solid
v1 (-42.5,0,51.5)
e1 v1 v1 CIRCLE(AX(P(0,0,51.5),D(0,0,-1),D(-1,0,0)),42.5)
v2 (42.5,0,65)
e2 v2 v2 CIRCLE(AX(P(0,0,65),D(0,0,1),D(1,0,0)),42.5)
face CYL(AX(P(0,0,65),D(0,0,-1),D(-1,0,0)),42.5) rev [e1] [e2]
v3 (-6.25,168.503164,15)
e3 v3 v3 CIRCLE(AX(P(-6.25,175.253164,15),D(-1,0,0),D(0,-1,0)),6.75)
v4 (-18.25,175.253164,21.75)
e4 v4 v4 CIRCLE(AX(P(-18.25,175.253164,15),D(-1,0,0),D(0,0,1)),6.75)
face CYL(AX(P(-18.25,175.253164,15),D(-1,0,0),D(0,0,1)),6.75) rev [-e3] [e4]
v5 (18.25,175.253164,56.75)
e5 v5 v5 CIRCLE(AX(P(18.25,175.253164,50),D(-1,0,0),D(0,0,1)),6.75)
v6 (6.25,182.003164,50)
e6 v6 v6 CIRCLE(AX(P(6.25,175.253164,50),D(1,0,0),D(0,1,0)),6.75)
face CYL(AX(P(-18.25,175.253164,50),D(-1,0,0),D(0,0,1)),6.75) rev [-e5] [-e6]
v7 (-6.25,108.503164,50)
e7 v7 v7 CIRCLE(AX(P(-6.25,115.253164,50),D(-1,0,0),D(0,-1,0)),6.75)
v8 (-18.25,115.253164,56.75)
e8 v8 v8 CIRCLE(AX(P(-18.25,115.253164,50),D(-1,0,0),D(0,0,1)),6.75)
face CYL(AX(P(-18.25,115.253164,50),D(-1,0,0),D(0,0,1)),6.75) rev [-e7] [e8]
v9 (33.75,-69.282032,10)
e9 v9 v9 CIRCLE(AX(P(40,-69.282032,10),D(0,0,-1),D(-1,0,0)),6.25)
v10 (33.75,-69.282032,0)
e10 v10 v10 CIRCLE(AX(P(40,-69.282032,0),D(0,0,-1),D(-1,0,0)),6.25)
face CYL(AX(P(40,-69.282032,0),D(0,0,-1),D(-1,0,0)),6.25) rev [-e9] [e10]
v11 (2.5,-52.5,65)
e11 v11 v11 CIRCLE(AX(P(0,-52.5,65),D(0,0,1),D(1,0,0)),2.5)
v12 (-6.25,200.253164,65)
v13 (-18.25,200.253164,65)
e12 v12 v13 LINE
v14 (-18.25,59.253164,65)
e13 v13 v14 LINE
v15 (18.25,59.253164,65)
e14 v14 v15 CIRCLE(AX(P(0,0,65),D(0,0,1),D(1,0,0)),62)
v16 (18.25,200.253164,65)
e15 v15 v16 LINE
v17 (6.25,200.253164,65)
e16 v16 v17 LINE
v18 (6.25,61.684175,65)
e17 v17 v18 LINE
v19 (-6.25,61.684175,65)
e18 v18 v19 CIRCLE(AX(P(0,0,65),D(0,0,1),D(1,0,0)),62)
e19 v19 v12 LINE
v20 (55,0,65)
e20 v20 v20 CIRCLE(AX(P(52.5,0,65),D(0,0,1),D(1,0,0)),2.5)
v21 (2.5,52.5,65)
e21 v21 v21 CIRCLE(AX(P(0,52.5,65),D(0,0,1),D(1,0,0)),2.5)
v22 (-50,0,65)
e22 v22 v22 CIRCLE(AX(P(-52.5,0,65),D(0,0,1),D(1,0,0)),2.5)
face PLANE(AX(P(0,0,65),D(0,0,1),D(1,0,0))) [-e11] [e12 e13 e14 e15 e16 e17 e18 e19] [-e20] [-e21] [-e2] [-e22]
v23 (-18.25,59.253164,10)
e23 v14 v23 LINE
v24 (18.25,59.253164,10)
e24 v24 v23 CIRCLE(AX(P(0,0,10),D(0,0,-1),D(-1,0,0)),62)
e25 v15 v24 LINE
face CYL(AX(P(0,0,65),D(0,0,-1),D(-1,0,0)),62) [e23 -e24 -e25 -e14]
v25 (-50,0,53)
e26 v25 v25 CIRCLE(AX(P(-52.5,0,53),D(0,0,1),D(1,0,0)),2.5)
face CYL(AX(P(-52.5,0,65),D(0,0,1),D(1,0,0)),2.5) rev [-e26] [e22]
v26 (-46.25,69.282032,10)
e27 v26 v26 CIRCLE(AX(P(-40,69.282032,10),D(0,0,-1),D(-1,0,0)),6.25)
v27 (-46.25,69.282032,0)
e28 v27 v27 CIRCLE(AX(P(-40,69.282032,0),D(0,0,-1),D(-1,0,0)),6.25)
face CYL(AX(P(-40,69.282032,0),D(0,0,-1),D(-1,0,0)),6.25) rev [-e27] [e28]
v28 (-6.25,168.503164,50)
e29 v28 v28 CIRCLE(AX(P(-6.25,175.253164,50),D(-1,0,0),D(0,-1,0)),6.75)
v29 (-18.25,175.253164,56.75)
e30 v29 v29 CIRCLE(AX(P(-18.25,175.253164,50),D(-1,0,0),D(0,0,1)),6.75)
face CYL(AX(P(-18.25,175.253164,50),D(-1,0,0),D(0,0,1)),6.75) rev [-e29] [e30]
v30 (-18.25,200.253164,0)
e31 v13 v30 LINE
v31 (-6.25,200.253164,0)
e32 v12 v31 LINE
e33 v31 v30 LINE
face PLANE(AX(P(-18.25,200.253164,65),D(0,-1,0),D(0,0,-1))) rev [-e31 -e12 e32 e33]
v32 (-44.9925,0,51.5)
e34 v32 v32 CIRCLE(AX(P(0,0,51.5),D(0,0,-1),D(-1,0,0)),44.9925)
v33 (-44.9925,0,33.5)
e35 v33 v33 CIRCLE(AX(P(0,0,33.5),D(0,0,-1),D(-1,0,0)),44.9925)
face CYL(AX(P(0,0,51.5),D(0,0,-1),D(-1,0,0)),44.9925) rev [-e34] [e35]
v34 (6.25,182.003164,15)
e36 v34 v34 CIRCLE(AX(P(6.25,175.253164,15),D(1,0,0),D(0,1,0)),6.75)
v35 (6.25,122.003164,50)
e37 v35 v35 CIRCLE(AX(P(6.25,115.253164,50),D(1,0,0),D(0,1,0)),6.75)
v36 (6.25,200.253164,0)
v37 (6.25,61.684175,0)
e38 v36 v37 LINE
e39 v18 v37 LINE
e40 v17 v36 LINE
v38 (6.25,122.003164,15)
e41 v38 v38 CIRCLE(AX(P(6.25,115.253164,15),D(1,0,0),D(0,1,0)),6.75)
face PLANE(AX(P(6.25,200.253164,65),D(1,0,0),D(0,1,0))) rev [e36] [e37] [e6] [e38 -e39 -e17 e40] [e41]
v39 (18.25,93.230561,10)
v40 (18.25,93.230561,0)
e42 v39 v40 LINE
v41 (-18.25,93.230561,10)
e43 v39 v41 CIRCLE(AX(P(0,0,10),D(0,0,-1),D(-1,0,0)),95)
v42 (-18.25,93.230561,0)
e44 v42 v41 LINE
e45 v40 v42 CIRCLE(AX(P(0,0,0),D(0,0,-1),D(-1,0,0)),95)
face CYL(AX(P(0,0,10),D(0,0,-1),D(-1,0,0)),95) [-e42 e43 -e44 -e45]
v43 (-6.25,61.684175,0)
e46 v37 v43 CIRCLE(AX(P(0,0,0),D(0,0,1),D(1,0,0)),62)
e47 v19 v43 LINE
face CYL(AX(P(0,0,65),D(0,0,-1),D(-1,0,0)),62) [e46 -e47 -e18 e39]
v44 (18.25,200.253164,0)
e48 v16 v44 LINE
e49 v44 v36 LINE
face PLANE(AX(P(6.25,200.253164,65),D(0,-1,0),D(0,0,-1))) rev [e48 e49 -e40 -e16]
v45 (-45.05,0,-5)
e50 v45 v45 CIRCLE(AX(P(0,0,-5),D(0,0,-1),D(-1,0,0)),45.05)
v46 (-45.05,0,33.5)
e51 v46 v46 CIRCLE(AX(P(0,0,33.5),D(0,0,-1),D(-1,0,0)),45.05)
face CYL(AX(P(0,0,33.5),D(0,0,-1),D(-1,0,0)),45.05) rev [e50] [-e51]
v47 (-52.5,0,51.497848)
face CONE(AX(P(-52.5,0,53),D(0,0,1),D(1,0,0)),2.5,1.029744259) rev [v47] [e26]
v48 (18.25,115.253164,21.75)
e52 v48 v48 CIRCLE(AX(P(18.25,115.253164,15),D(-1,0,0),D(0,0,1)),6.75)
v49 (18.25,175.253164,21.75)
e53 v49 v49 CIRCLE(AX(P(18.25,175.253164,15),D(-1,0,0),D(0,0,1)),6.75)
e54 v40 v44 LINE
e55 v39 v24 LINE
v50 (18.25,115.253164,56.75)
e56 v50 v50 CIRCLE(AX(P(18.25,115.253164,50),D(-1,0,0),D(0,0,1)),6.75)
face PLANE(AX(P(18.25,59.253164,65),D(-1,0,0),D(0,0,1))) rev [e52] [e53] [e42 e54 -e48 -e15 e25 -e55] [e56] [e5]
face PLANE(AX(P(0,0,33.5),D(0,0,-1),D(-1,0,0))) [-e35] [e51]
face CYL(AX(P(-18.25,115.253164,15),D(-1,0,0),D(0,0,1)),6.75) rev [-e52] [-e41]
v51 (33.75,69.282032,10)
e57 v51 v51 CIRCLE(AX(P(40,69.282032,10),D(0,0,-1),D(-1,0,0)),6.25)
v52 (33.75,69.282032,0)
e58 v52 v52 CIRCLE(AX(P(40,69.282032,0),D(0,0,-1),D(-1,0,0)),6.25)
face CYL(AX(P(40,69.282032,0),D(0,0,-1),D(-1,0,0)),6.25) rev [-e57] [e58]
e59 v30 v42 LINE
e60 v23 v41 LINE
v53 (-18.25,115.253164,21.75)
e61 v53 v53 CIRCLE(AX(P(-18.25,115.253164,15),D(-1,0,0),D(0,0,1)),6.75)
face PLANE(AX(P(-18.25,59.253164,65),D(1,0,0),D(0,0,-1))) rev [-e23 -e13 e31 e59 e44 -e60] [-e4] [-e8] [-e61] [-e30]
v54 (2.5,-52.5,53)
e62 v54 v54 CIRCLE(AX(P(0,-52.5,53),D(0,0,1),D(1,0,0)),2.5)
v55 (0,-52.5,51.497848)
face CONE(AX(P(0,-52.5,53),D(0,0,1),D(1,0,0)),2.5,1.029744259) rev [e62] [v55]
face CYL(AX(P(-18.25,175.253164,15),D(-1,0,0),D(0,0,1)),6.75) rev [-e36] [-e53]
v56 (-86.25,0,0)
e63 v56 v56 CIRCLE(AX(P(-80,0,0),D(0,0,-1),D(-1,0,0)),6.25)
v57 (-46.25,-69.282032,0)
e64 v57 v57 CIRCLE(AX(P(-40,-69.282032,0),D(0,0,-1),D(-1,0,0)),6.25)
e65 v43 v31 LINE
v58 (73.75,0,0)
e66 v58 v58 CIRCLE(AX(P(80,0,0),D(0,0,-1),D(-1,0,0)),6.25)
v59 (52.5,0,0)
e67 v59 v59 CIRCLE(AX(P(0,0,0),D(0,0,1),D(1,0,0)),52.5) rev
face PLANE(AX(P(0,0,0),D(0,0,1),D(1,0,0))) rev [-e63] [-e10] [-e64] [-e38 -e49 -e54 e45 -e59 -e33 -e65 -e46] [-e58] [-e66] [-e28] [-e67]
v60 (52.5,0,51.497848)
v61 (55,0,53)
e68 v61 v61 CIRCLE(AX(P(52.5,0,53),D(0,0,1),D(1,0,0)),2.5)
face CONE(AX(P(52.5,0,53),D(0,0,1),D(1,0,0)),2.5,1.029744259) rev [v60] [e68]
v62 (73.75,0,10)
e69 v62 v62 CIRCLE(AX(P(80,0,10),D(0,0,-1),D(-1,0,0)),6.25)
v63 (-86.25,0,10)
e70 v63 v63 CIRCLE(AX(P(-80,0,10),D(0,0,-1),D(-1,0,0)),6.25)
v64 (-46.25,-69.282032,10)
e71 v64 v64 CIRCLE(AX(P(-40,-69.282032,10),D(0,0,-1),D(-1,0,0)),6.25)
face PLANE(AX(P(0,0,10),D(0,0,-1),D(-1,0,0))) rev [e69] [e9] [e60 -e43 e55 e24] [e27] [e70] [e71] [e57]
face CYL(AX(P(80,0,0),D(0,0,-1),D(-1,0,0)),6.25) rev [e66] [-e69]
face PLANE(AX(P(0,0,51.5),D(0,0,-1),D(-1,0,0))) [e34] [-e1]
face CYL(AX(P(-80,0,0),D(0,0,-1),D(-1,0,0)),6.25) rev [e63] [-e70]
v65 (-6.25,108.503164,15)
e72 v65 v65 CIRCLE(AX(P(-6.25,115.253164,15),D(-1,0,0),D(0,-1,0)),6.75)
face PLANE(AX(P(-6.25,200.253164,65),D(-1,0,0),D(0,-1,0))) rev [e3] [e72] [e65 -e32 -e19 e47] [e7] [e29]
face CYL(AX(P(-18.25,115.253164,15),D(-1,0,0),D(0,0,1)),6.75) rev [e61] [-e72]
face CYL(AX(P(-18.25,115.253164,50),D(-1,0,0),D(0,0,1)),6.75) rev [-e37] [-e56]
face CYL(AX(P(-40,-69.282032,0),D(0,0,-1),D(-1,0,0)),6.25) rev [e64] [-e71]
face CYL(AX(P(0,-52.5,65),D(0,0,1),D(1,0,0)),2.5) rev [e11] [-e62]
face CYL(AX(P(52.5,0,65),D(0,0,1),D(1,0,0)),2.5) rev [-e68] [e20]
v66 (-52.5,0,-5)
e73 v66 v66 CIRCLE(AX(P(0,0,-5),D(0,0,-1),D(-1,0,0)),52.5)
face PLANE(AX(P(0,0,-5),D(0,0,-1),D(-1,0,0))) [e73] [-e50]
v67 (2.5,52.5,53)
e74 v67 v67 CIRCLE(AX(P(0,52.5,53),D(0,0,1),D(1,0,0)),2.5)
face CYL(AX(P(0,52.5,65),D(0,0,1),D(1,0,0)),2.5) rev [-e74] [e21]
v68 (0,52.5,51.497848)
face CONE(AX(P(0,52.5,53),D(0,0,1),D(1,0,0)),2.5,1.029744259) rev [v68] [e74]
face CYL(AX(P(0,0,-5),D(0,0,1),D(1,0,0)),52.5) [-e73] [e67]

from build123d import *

# Parameters (mm, degrees)
SKETCH1_R              = 42.5
BOSS_EXTRUDE1_DEPTH    = 65
SKETCH2_R              = 42.5
BOSS_EXTRUDE2_DEPTH    = 10
SKETCH3_R              = 45.05
CUT_EXTRUDE1_DEPTH     = 33.5
SKETCH4_R              = 44.9925
CUT_EXTRUDE2_DEPTH     = 18
F_12_0MM_DOWEL_HOLE1_D = 12.5
M6_TAPPED_HOLE1_D      = 5
M6_TAPPED_HOLE1_DEPTH  = 12
M6_TAPPED_HOLE1_TIP    = 1.502151548
BOSS_EXTRUDE3_START    = 5
SKETCH10_R             = 52.5
SKETCH10_R_2           = 45.05
BOSS_EXTRUDE3_DEPTH    = 5
F_12_0MM_DOWEL_HOLE2_D = 13.5


with BuildPart() as part:
    # Sketch1 → Boss-Extrude1 (new body)
    with BuildSketch(Plane.XY):
        with BuildLine():
            Line((-18.25, 59.253164472), (-18.25, 200.253164472))
            Line((-18.25, 200.253164472), (-6.25, 200.253164472))
            Line((-6.25, 200.253164472), (-6.25, 61.684175442))
            ThreePointArc((-6.25, 61.684175442), (0, 62), (6.25, 61.684175442))
            Line((6.25, 61.684175442), (6.25, 200.253164472))
            Line((6.25, 200.253164472), (18.25, 200.253164472))
            Line((18.25, 200.253164472), (18.25, 59.253164472))
            ThreePointArc((18.25, 59.253164472), (0, -62), (-18.25, 59.253164472))
        make_face()
        Circle(SKETCH1_R, mode=Mode.SUBTRACT)
    extrude(amount=BOSS_EXTRUDE1_DEPTH)

    # Sketch2 → Boss-Extrude2 (add)
    # profile 1 of 2: a face of its own
    with BuildSketch(Plane(origin=(0, 0, 0), x_dir=(-1, 0, 0), z_dir=(0, 0, -1))):
        with BuildLine():
            ThreePointArc((-18.25, 93.230560977), (0, -95), (18.25, 93.230560977))
            Line((18.25, 93.230560977), (18.25, 59.253164472))
            ThreePointArc((18.25, 59.253164472), (0, -62), (-18.25, 59.253164472))
            Line((-18.25, 59.253164472), (-18.25, 93.230560977))
        make_face()
    # profile 2 of 2: a face of its own
    with BuildSketch(Plane(origin=(0, 0, 0), x_dir=(-1, 0, 0), z_dir=(0, 0, -1))):
        with BuildLine():
            ThreePointArc((18.25, 93.230560977), (12.27492281, 94.203642552), (6.25, 94.794184948))
            Line((6.25, 94.794184948), (6.25, 61.684175442))
            ThreePointArc((6.25, 61.684175442), (0, 62), (-6.25, 61.684175442))
            Line((-6.25, 61.684175442), (-6.25, 94.794184948))
            ThreePointArc((-6.25, 94.794184948), (-12.27492281, 94.203642552), (-18.25, 93.230560977))
            Line((-18.25, 93.230560977), (-18.25, 59.253164472))
            ThreePointArc((-18.25, 59.253164472), (0, -62), (18.25, 59.253164472))
            Line((18.25, 59.253164472), (18.25, 93.230560977))
        make_face()
        with Locations(Location((0, 0, 0), (0, 0, 180))):
            Circle(SKETCH2_R, mode=Mode.SUBTRACT)
    extrude(amount=-BOSS_EXTRUDE2_DEPTH)

    # Sketch3 → Cut-Extrude1 (cut)
    with BuildSketch(Plane(origin=(0, 0, 0), x_dir=(-1, 0, 0), z_dir=(0, 0, -1))):
        Circle(SKETCH3_R)
    extrude(amount=-CUT_EXTRUDE1_DEPTH, mode=Mode.SUBTRACT)

    # Sketch4 → Cut-Extrude2 (cut)
    with BuildSketch(Plane(origin=(0, 0, 33.5), x_dir=(-1, 0, 0), z_dir=(0, 0, -1))):
        Circle(SKETCH4_R)
    extrude(amount=-CUT_EXTRUDE2_DEPTH, mode=Mode.SUBTRACT)

    # Ø12.0mm Dowel Hole1 (through all)
    with Locations(Plane(origin=(0, 0, 0), x_dir=(-1, 0, 0), z_dir=(0, 0, -1))):
        with Locations((-40, -69.282032303), (-80, 0), (-40, 69.282032303), (40, 69.282032303), (80, 0), (40, -69.282032303)):
            Hole(F_12_0MM_DOWEL_HOLE1_D / 2)

    # M6 Tapped Hole1
    with Locations(Plane.XY.offset(65)):
        with Locations((0, -52.5), (-52.5, 0), (0, 52.5), (52.5, 0)):
            Hole(M6_TAPPED_HOLE1_D / 2, depth=M6_TAPPED_HOLE1_DEPTH)
            with Locations((0, 0, -(M6_TAPPED_HOLE1_DEPTH + M6_TAPPED_HOLE1_TIP / 2))):  # 118° drill point
                Cone(0, M6_TAPPED_HOLE1_D / 2, M6_TAPPED_HOLE1_TIP, mode=Mode.SUBTRACT)

    # Sketch10 → Boss-Extrude3 (add)
    with BuildSketch(Plane(origin=(0, 0, 0), x_dir=(-1, 0, 0), z_dir=(0, 0, -1)).offset(BOSS_EXTRUDE3_START)):
        with Locations(Location((0, 0, 0), (0, 0, 180))):
            Circle(SKETCH10_R)
        Circle(SKETCH10_R_2, mode=Mode.SUBTRACT)
    extrude(amount=-BOSS_EXTRUDE3_DEPTH)

    # Ø12.0mm Dowel Hole2 (through all)
    with Locations(Plane.ZY.offset(18.25)):
        with Locations((15, 175.253164472), (50, 175.253164472), (50, 115.253164472), (15, 115.253164472)):
            Hole(F_12_0MM_DOWEL_HOLE2_D / 2)


solid = part.part
